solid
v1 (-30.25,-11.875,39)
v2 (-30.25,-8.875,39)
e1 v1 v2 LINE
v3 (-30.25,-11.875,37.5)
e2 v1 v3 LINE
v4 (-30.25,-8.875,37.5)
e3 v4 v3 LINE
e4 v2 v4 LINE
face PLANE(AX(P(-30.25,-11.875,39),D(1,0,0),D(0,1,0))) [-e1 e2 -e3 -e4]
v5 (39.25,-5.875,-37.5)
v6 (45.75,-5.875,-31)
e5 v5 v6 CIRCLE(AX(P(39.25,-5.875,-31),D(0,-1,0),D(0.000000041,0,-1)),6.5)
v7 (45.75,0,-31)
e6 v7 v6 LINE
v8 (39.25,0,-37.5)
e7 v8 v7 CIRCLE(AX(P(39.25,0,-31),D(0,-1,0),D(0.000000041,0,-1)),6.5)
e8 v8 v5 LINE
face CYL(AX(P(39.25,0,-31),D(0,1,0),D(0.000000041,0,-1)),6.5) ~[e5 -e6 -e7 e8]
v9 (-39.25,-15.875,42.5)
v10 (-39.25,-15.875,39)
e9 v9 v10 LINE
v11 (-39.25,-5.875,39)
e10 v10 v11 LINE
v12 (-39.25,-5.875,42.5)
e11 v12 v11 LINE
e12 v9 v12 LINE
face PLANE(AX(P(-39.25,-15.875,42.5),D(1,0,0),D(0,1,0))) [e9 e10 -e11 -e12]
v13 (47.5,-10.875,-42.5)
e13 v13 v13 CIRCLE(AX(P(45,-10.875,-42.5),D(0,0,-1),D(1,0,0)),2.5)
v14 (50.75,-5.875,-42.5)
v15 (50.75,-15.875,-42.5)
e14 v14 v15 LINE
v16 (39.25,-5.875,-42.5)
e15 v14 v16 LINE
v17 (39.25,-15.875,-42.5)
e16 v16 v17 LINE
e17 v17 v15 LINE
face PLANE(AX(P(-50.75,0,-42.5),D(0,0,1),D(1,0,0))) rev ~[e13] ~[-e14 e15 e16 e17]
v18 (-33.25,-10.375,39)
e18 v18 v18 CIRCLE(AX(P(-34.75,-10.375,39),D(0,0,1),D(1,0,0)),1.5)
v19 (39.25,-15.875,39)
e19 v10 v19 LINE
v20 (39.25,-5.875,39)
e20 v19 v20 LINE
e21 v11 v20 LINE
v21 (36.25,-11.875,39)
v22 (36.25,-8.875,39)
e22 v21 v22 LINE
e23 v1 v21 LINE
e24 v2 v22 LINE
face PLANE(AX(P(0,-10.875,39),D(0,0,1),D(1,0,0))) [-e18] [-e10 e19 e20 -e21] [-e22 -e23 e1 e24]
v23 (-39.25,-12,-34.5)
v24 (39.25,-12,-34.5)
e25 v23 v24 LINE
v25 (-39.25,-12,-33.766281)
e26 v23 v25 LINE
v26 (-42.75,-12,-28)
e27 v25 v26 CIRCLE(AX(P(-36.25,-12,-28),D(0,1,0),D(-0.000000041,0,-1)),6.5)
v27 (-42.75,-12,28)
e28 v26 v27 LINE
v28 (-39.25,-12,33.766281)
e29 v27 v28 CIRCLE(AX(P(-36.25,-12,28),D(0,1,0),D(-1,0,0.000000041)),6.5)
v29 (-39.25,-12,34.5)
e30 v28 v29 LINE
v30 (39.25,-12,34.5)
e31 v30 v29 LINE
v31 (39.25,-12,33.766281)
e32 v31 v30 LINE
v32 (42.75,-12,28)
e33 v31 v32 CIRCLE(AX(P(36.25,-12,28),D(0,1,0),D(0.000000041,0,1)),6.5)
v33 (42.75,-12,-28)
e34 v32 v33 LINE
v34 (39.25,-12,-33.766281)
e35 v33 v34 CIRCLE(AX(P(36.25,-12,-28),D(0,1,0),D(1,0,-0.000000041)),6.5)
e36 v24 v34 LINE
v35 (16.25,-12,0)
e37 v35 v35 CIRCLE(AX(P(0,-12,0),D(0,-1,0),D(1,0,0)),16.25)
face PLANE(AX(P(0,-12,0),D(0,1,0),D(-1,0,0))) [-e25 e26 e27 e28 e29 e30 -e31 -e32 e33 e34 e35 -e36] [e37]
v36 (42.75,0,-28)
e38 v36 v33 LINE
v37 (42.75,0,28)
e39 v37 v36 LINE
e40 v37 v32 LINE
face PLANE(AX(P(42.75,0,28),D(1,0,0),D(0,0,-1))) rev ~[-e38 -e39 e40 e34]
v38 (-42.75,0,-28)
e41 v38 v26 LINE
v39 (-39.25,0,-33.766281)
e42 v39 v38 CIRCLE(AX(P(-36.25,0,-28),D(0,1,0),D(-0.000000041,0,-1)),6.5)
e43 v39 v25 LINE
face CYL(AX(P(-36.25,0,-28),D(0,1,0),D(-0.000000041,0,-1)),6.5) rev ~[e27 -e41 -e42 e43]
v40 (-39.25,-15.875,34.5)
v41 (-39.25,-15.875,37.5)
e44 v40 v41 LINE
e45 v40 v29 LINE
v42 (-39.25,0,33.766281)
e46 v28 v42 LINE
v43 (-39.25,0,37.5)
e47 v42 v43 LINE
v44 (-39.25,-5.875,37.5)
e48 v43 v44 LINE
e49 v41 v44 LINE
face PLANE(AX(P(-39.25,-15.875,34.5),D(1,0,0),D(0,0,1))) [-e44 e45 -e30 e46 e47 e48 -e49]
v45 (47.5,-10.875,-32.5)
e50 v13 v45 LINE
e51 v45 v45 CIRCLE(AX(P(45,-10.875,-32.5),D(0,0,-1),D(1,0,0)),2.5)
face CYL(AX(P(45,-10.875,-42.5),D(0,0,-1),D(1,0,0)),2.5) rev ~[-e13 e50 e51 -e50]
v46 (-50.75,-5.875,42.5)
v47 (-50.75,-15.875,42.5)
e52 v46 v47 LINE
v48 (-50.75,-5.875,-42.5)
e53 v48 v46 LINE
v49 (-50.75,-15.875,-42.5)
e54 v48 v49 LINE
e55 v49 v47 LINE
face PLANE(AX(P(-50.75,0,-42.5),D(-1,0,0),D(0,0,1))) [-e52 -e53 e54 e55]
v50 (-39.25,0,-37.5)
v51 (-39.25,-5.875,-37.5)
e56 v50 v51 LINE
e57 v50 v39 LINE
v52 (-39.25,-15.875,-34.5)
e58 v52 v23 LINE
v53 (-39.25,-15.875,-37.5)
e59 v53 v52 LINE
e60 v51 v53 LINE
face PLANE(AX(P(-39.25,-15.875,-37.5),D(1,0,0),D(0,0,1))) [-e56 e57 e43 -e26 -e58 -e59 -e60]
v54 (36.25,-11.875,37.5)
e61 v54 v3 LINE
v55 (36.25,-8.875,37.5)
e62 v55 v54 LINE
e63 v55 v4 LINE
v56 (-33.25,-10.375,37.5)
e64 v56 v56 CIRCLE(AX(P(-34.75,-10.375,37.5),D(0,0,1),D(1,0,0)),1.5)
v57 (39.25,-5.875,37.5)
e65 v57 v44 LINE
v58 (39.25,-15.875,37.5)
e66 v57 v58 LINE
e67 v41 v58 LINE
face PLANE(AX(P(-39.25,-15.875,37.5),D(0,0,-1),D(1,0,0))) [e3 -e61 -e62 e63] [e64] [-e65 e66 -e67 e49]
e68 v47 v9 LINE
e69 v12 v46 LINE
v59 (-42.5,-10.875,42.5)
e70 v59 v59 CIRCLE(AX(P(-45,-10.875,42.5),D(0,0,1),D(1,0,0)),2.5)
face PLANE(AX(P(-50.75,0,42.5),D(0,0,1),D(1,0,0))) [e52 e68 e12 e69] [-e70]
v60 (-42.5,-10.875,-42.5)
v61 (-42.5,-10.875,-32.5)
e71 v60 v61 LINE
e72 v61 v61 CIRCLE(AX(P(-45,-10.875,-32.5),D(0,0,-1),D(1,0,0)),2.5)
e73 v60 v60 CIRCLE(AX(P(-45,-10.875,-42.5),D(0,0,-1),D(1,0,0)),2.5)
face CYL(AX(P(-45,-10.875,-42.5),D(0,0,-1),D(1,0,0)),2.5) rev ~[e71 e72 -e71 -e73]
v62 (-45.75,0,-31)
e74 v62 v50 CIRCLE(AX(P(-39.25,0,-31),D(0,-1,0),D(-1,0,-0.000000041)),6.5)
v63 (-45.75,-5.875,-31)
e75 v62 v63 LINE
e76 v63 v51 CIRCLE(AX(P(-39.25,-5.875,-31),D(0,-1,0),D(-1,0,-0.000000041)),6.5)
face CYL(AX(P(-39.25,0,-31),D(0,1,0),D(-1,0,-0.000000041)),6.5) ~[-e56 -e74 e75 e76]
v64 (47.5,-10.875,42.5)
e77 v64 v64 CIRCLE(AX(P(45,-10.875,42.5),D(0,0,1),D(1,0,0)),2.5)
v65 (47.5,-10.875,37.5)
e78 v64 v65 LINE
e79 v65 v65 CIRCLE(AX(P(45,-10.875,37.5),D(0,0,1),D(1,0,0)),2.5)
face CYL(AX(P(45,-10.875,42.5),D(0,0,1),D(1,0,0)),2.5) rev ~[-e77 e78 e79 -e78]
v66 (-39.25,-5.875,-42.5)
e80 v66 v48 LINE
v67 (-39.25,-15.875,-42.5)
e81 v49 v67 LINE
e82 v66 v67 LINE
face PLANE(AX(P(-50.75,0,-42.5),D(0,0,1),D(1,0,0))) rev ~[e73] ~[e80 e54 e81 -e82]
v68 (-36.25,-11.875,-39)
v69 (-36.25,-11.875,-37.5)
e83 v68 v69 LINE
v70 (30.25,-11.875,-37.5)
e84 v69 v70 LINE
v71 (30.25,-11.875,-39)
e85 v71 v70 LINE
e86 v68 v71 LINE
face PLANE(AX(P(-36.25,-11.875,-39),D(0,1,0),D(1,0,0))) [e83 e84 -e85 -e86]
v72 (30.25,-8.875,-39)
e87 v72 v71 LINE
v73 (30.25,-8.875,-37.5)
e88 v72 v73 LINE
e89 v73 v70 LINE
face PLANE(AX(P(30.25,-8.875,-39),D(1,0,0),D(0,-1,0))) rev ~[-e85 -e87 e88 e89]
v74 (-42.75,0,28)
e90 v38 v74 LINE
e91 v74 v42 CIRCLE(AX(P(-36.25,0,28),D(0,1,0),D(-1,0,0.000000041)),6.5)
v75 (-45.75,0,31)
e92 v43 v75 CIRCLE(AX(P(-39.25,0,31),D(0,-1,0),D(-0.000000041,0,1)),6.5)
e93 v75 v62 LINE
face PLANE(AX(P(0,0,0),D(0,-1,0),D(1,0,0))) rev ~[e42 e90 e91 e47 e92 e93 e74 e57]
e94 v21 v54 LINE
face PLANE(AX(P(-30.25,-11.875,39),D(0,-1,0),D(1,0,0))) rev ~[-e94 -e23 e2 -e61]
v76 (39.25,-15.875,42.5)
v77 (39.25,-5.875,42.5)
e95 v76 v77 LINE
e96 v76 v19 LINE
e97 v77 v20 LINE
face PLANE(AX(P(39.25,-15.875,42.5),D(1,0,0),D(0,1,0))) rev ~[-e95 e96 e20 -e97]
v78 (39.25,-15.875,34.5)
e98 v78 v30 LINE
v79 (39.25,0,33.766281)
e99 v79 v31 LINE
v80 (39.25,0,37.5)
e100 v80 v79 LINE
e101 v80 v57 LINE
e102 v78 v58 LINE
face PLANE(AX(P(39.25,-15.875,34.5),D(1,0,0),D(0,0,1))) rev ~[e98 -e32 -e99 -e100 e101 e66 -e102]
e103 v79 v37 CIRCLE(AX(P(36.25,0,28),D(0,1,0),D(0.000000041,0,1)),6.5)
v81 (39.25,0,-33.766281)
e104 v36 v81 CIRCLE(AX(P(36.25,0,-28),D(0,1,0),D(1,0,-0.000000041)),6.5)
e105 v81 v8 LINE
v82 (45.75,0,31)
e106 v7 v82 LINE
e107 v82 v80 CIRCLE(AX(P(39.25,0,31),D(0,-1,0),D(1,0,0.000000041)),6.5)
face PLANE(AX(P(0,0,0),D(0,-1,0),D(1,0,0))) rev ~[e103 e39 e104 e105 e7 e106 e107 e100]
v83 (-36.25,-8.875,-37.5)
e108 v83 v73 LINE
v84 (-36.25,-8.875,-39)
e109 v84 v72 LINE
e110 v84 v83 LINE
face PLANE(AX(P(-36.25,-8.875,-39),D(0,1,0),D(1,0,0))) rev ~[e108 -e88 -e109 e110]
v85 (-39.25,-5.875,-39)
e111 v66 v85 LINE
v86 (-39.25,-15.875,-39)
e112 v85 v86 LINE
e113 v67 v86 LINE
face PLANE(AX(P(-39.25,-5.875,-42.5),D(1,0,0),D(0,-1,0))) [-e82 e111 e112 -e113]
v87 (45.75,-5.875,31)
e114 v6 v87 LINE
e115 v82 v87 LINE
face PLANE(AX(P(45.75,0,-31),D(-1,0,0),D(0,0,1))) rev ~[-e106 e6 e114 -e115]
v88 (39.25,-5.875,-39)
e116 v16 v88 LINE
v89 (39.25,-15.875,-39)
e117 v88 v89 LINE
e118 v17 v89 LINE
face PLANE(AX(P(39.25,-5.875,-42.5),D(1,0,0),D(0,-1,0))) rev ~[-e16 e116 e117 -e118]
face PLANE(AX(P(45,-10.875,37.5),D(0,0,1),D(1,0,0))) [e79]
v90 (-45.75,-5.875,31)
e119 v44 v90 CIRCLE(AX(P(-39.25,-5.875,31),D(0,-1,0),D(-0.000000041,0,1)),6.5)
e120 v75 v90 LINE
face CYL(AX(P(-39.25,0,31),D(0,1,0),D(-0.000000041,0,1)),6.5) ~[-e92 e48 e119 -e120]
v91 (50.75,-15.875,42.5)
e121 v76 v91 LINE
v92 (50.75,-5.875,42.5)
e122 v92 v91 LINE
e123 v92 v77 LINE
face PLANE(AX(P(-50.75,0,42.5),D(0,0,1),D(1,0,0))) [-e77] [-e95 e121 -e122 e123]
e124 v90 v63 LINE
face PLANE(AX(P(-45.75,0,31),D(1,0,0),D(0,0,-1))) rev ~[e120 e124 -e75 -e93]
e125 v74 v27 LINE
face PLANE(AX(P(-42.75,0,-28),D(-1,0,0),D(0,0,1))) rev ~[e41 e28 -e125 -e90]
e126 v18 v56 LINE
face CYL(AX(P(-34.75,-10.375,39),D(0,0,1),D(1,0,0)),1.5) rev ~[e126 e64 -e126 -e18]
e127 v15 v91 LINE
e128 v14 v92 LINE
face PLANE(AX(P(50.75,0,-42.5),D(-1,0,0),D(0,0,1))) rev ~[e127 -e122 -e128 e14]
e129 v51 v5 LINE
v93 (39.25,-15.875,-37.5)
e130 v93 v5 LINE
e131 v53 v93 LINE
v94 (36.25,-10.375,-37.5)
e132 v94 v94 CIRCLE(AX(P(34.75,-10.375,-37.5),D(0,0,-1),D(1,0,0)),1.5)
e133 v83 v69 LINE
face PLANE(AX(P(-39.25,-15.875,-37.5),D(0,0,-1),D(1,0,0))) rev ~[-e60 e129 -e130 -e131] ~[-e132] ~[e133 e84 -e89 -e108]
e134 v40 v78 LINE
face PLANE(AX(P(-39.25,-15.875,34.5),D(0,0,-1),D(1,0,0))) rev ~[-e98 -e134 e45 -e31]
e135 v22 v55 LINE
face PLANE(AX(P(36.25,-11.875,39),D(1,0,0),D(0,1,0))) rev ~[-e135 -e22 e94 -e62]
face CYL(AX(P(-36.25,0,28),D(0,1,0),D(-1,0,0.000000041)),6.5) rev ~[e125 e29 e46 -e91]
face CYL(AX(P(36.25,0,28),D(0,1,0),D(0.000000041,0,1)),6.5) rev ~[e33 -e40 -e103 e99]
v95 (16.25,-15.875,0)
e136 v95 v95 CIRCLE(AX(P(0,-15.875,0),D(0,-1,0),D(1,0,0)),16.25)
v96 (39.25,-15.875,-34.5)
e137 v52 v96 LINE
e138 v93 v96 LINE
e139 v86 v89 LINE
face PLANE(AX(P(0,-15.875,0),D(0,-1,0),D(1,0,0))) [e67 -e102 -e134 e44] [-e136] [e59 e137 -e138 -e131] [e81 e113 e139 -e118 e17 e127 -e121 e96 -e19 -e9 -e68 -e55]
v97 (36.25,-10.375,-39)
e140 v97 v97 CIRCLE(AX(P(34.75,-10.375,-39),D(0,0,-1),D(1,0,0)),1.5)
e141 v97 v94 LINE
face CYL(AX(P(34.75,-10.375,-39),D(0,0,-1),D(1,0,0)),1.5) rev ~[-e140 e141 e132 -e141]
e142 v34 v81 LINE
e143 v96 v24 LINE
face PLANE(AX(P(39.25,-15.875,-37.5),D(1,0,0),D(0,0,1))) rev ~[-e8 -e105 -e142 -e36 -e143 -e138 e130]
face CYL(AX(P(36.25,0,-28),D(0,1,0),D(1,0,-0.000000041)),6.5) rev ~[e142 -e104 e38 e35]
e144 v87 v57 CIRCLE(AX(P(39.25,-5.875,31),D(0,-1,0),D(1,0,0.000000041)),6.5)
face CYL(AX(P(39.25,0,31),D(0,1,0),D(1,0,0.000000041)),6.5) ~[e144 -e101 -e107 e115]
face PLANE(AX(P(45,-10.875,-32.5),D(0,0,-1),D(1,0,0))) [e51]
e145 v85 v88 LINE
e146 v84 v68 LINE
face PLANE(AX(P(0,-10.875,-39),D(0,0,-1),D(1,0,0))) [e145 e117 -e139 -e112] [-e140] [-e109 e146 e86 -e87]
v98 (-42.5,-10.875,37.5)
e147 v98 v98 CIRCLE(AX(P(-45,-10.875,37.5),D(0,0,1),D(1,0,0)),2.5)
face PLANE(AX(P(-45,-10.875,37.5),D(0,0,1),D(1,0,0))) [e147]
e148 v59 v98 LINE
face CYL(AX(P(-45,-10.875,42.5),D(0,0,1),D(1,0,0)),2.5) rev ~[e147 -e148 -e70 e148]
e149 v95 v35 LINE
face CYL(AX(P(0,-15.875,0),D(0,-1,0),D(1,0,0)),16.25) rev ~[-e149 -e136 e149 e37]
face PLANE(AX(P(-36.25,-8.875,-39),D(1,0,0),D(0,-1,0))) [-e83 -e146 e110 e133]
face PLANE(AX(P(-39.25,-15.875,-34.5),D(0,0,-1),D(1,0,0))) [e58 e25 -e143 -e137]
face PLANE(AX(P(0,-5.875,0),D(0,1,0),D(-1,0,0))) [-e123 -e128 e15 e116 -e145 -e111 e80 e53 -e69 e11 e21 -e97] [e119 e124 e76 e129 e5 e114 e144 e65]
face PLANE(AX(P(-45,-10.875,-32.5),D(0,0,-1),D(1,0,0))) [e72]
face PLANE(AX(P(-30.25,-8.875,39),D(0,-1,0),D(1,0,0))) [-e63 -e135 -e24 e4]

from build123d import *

# Parameters (mm, degrees)
F0_W      = 101.5
F0_H      = 85
F1_DEPTH  = 15.875
F2_R      = 16.25
F3_DEPTH  = 25
F4_W      = 101.5
F4_H      = 85
F5_DEPTH  = 5.875
F7_DEPTH  = 12
F8_W      = 78.5
F8_H      = 10
F9_DEPTH  = 3.5
F10_W     = 78.5
F10_H     = 10
F11_DEPTH = 3.5
F12_W     = 78.5
F12_H     = 3
F13_DEPTH = 25
F14_W     = 78.5
F14_H     = 17.569206
F15_DEPTH = 200
F16_W     = 78.5
F16_H     = 75
F17_DEPTH = 6.125
F18_R     = 1.5
F18_W     = 66.5
F18_H     = 3
F19_DEPTH = 2
F20_R     = 1.5
F20_W     = 66.5
F20_H     = 3
F21_DEPTH = 2
F22_R     = 2.5
F23_DEPTH = 10
F24_R     = 2.5
F25_DEPTH = 10
F26_R     = 2.5
F27_DEPTH = 5
F28_R     = 2.5
F29_DEPTH = 5


with BuildPart() as f1:
    # F0 (on Front) → F1 (new body)
    with BuildSketch(Plane.XZ):
        Rectangle(F0_W, F0_H)
    extrude(amount=F1_DEPTH)

    # F2 (on face) → F3 (cut)
    with BuildSketch(Plane.XZ.offset(15.875)):
        Circle(F2_R)
    extrude(amount=-F3_DEPTH, mode=Mode.SUBTRACT)

    # F4 (on face) → F5 (cut)
    with BuildSketch(Plane(origin=(0, 0, 0), x_dir=(-1, 0, 0), z_dir=(0, 1, 0))):
        Rectangle(F4_W, F4_H)
        with BuildLine():
            Line((-45.75, -31), (-45.75, 31))
            ThreePointArc((-45.75, 31), (-43.846194, 35.596194), (-39.25, 37.5))
            Line((-39.25, 37.5), (39.25, 37.5))
            ThreePointArc((39.25, 37.5), (43.846194, 35.596194), (45.75, 31))
            Line((45.75, 31), (45.75, -31))
            ThreePointArc((45.75, -31), (43.846194, -35.596194), (39.25, -37.5))
            Line((39.25, -37.5), (-39.25, -37.5))
            ThreePointArc((-39.25, -37.5), (-43.846194, -35.596194), (-45.75, -31))
        make_face(mode=Mode.SUBTRACT)
    extrude(amount=-F5_DEPTH, mode=Mode.SUBTRACT)

    # F6 (on face) → F7 (cut)
    with BuildSketch(Plane(origin=(0, 0, 0), x_dir=(-1, 0, 0), z_dir=(0, 1, 0))):
        with BuildLine():
            ThreePointArc((-36.25, 34.5), (-40.846194, 32.596194), (-42.75, 28))
            Line((-42.75, 28), (-42.75, -28))
            ThreePointArc((-42.75, -28), (-40.846194, -32.596194), (-36.25, -34.5))
            Line((-36.25, -34.5), (36.25, -34.5))
            ThreePointArc((36.25, -34.5), (40.846194, -32.596194), (42.75, -28))
            Line((42.75, -28), (42.75, 28))
            ThreePointArc((42.75, 28), (40.846194, 32.596194), (36.25, 34.5))
            Line((36.25, 34.5), (-36.25, 34.5))
        make_face()
    extrude(amount=-F7_DEPTH, mode=Mode.SUBTRACT)

    # F8 (on face) → F9 (cut)
    with BuildSketch(Plane.XY.offset(42.5)):
        with Locations((0, -10.875)):
            Rectangle(F8_W, F8_H)
    extrude(amount=-F9_DEPTH, mode=Mode.SUBTRACT)

    # F10 (on face) → F11 (cut)
    with BuildSketch(Plane(origin=(0, 0, -42.5), x_dir=(1, 0, 0), z_dir=(0, 0, -1))):
        with Locations((0, 10.875)):
            Rectangle(F10_W, F10_H)
    extrude(amount=-F11_DEPTH, mode=Mode.SUBTRACT)

    # F12 (on face) → F13 (cut)
    with BuildSketch(Plane.XZ.offset(15.875)):
        with Locations((0, 36)):
            Rectangle(F12_W, F12_H)
        with Locations((0, -36)):
            Rectangle(F12_W, F12_H)
    extrude(amount=-F13_DEPTH, mode=Mode.SUBTRACT)

    # F14 (on face) → F15 (cut)
    with BuildSketch(Plane.XY.offset(39)):
        with Locations((0, 2.909603)):
            Rectangle(F14_W, F14_H)
    extrude(amount=-F15_DEPTH, mode=Mode.SUBTRACT)

    # F16 (on face) → F17 (cut)
    with BuildSketch(Plane(origin=(0, -5.875, 0), x_dir=(-1, 0, 0), z_dir=(0, 1, 0))):
        Rectangle(F16_W, F16_H)
    extrude(amount=-F17_DEPTH, mode=Mode.SUBTRACT)

    # F18 (on face) → F19 (cut)
    with BuildSketch(Plane.XY.offset(39)):
        with Locations((-34.75, -10.375)):
            Circle(F18_R)
        with Locations((3, -10.375)):
            Rectangle(F18_W, F18_H)
    extrude(amount=-F19_DEPTH, mode=Mode.SUBTRACT)

    # F20 (on face) → F21 (cut)
    with BuildSketch(Plane(origin=(0, 0, -39), x_dir=(1, 0, 0), z_dir=(0, 0, -1))):
        with Locations((34.75, 10.375)):
            Circle(F20_R)
        with Locations((-3, 10.375)):
            Rectangle(F20_W, F20_H)
    extrude(amount=-F21_DEPTH, mode=Mode.SUBTRACT)

    # F22 (on face) → F23 (cut)
    with BuildSketch(Plane(origin=(0, 0, -42.5), x_dir=(1, 0, 0), z_dir=(0, 0, -1))):
        with Locations((-45, 10.875)):
            Circle(F22_R)
    extrude(amount=-F23_DEPTH, mode=Mode.SUBTRACT)

    # F24 (on face) → F25 (cut)
    with BuildSketch(Plane(origin=(0, 0, -42.5), x_dir=(1, 0, 0), z_dir=(0, 0, -1))):
        with Locations((45, 10.875)):
            Circle(F24_R)
    extrude(amount=-F25_DEPTH, mode=Mode.SUBTRACT)

    # F26 (on face) → F27 (cut)
    with BuildSketch(Plane.XY.offset(42.5)):
        with Locations((-45, -10.875)):
            Circle(F26_R)
    extrude(amount=-F27_DEPTH, mode=Mode.SUBTRACT)

    # F28 (on face) → F29 (cut)
    with BuildSketch(Plane.XY.offset(42.5)):
        with Locations((45, -10.875)):
            Circle(F28_R)
    extrude(amount=-F29_DEPTH, mode=Mode.SUBTRACT)


solid = f1.part
